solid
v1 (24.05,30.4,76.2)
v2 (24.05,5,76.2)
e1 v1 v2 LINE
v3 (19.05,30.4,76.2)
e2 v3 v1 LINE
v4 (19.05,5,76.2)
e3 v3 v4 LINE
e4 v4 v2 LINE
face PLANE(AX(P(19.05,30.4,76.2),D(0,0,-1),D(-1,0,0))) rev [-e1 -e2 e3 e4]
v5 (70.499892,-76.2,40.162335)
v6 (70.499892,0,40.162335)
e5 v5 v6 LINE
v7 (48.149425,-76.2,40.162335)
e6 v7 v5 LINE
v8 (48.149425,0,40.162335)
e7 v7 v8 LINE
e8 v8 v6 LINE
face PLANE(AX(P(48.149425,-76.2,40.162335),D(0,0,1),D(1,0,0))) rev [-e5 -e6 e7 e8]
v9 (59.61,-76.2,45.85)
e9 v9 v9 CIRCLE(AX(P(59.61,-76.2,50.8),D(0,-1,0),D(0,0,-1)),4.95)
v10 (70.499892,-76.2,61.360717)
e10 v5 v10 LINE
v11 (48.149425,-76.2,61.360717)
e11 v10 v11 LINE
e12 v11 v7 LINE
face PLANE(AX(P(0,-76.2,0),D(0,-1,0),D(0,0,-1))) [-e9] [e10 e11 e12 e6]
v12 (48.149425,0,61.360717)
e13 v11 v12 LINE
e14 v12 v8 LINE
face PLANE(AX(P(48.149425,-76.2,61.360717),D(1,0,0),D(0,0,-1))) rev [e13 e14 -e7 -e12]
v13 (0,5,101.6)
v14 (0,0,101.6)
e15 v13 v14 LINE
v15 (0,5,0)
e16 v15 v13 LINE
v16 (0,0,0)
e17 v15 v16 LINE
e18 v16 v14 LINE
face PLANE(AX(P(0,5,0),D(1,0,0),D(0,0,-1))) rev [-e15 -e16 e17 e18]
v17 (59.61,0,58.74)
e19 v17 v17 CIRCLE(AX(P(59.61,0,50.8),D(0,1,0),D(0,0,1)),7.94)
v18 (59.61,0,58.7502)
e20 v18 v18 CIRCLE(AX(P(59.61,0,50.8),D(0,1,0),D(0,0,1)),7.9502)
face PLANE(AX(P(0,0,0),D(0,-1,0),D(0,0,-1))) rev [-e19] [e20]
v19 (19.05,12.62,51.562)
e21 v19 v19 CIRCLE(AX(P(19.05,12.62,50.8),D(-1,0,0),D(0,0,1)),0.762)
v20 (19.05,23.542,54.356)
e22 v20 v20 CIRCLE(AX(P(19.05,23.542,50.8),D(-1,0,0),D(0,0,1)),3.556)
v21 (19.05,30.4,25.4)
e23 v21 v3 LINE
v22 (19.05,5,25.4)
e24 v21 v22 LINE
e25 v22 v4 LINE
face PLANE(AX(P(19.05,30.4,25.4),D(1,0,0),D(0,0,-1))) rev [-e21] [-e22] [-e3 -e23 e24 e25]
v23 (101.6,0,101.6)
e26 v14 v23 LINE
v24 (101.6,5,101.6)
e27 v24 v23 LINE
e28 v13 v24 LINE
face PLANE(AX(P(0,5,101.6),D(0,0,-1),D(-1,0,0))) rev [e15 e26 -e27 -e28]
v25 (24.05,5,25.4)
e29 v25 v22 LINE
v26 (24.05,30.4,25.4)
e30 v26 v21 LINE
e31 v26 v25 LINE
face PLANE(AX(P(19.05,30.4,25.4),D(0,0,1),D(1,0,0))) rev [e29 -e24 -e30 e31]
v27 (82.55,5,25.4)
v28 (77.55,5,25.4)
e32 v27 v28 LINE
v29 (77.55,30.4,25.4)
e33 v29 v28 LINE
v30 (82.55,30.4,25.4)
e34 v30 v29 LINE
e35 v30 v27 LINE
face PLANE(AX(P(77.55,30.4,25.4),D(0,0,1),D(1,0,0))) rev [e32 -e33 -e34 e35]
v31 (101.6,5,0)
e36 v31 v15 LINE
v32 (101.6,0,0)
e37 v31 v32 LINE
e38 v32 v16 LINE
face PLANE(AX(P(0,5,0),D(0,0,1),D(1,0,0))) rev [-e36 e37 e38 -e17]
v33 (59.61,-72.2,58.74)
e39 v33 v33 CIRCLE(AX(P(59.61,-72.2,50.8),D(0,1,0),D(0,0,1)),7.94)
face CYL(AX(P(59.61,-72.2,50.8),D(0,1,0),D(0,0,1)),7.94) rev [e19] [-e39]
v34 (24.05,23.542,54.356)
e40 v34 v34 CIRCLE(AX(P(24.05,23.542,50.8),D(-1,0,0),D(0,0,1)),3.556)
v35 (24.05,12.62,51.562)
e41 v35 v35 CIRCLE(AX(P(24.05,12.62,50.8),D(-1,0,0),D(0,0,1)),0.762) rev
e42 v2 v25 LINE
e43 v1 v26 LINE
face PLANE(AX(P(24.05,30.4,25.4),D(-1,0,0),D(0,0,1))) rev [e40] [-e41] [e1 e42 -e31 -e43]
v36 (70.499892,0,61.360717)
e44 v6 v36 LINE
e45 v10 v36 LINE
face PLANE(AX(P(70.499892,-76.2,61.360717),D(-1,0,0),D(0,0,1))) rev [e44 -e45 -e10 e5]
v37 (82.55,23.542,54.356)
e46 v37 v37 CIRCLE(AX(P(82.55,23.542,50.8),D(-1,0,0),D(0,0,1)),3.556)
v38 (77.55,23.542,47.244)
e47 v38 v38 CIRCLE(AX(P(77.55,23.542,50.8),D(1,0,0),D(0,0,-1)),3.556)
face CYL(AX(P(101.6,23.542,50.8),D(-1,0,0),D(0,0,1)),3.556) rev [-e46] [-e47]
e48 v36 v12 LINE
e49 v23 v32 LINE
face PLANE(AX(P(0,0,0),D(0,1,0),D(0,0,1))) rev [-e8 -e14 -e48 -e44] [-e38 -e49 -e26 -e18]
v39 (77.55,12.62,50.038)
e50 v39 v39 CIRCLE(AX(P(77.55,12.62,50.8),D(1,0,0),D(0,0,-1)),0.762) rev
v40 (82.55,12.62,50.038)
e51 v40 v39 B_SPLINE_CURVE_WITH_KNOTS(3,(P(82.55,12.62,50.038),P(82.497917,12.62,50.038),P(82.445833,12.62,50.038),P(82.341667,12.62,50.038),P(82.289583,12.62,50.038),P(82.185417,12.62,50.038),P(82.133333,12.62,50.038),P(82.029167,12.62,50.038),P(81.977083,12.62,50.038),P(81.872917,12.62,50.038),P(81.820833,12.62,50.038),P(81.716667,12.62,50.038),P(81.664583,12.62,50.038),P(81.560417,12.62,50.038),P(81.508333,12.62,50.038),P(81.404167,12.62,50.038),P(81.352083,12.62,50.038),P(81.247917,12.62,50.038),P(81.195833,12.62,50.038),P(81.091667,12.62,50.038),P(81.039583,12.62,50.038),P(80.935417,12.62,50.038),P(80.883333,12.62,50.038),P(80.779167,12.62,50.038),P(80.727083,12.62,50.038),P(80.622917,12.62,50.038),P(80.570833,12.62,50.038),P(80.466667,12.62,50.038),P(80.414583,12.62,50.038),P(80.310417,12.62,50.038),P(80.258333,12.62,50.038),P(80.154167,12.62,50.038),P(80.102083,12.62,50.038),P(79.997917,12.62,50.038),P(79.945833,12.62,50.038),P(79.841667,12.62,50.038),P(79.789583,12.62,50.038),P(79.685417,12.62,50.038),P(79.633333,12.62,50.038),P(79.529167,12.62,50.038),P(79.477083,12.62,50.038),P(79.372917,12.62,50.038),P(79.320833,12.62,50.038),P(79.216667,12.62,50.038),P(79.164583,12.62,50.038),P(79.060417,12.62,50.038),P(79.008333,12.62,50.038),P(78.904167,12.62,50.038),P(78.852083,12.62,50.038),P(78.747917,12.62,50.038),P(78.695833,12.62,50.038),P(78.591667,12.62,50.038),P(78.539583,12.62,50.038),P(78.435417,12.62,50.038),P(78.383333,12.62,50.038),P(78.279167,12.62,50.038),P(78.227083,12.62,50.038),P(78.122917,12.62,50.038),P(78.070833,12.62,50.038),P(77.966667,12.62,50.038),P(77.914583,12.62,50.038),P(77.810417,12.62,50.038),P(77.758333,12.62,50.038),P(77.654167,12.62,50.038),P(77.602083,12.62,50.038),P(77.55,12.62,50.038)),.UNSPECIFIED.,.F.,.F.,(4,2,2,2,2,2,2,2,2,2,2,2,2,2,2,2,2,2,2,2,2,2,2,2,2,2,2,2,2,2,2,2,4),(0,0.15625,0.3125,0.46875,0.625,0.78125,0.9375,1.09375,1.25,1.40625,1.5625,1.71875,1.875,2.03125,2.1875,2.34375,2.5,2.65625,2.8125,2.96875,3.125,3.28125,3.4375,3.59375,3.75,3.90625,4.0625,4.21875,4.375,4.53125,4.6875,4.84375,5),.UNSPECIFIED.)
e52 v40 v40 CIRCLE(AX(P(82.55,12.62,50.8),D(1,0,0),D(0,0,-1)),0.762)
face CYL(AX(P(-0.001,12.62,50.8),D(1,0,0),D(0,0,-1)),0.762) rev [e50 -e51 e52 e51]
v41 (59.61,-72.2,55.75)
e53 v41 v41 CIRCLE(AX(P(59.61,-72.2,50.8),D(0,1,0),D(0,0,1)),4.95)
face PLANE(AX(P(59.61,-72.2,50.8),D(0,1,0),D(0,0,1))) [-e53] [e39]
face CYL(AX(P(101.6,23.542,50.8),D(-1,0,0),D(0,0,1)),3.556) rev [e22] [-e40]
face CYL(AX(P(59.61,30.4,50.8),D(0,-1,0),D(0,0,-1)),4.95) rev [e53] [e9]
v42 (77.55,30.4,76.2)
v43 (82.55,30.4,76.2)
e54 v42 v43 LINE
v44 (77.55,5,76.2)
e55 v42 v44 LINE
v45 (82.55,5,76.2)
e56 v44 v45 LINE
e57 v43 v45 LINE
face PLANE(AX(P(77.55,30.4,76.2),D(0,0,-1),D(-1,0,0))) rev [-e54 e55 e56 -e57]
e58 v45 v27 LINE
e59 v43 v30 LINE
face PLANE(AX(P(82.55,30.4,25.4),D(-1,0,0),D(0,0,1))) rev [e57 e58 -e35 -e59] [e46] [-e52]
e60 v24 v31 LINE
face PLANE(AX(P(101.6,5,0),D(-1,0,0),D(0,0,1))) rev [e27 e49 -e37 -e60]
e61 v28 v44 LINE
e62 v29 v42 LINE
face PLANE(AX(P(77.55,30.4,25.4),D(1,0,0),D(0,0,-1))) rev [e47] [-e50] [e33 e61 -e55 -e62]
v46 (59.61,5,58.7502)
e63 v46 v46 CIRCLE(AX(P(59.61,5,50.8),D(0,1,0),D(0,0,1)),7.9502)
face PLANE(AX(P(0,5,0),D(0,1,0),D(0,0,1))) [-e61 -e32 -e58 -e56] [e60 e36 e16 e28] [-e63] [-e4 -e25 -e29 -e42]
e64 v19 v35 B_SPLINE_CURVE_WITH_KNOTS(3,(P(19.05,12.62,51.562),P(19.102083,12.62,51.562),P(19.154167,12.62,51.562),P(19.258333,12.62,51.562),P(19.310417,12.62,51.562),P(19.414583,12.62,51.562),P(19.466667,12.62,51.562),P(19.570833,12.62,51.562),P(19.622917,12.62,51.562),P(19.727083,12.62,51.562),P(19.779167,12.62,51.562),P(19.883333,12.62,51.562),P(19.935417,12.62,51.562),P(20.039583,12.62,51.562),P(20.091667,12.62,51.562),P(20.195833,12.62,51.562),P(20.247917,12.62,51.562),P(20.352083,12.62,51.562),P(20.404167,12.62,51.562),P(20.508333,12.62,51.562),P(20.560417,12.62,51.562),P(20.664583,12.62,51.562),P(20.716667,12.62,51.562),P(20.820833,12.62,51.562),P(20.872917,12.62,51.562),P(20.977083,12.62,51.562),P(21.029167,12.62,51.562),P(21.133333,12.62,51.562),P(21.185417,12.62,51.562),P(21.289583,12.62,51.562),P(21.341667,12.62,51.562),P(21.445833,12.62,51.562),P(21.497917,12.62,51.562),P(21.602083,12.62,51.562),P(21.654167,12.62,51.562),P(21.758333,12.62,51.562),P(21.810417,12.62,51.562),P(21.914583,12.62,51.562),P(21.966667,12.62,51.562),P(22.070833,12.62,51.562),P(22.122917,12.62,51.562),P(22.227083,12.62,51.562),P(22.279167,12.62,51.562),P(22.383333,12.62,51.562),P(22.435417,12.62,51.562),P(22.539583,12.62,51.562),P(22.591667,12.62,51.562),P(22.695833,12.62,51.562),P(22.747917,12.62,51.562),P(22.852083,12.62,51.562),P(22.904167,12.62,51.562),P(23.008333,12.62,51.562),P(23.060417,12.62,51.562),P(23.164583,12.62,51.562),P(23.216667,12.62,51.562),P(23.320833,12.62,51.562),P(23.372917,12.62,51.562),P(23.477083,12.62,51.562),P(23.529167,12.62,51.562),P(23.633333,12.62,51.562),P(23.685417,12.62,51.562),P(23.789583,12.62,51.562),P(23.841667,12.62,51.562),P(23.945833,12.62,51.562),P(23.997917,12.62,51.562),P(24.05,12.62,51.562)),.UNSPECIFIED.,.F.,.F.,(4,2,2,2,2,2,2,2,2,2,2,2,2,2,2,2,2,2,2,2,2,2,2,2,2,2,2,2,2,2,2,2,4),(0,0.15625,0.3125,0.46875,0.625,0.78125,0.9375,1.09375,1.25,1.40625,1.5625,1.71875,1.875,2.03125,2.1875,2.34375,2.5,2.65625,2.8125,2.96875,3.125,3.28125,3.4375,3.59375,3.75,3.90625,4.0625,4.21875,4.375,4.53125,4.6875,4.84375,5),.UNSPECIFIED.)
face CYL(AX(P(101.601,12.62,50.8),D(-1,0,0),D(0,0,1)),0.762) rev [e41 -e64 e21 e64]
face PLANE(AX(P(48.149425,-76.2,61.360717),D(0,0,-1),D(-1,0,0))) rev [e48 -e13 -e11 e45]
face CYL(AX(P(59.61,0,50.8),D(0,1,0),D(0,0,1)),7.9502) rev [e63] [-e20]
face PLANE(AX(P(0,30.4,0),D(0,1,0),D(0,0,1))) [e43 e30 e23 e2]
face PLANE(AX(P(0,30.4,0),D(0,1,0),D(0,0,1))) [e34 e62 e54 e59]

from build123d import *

# Parameters (mm, degrees)
SKETCH2_W           = 101.6
SKETCH2_H           = 101.6
BOSS_EXTRUDE2_DEPTH = 5
SKETCH3_W           = 5
SKETCH3_H           = 50.8
BOSS_EXTRUDE3_DEPTH = 25.4
SKETCH4_W           = 5
SKETCH4_H           = 50.8
BOSS_EXTRUDE4_DEPTH = 25.4
SKETCH8_R           = 3.556
CUT_EXTRUDE1_DEPTH  = 135.392047756
CUT_EXTRUDE2_REACH  = 136.392
SKETCH9_R           = 0.762
SKETCH11_R          = 7.9502
CUT_EXTRUDE3_DEPTH  = 146.911891222
CUT_EXTRUDE5_REACH  = 136.392
SKETCH18_R          = 0.762
SKETCH19_W          = 22.350467385
SKETCH19_H          = 21.198381437
BOSS_EXTRUDE5_DEPTH = 76.2
SKETCH22_R          = 7.94
CUT_EXTRUDE7_DEPTH  = 72.2
SKETCH23_R          = 4.95
CUT_EXTRUDE8_DEPTH  = 179.909697893


with BuildPart() as part:
    # Sketch2 → Boss-Extrude2 (new body)
    with BuildSketch(Plane(origin=(0, 0, 0), x_dir=(1, 0, 0), z_dir=(0, 1, 0))):
        with Locations((50.8, -50.8)):
            Rectangle(SKETCH2_W, SKETCH2_H)
    extrude(amount=BOSS_EXTRUDE2_DEPTH)

    # Sketch3 → Boss-Extrude3 (add)
    with BuildSketch(Plane(origin=(0, 5, 0), x_dir=(1, 0, 0), z_dir=(0, 1, 0))):
        with Locations((21.55, -50.8)):
            Rectangle(SKETCH3_W, SKETCH3_H)
    extrude(amount=BOSS_EXTRUDE3_DEPTH)

    # Sketch4 → Boss-Extrude4 (add)
    with BuildSketch(Plane(origin=(0, 5, 0), x_dir=(1, 0, 0), z_dir=(0, 1, 0))):
        with Locations((80.05, -50.8)):
            Rectangle(SKETCH4_W, SKETCH4_H)
    extrude(amount=BOSS_EXTRUDE4_DEPTH)

    # Sketch8 → Cut-Extrude1 (cut, through all)
    with BuildSketch(Plane.ZY.offset(-19.05)):
        with Locations((50.8, 23.542)):
            Circle(SKETCH8_R)
    extrude(amount=-CUT_EXTRUDE1_DEPTH, mode=Mode.SUBTRACT)

    # Sketch9 → Cut-Extrude2 (cut, up to next)
    with BuildSketch(Plane(origin=(82.55, 0, 0), x_dir=(0, 0, -1), z_dir=(1, 0, 0)), mode=Mode.PRIVATE) as cut_extrude2_sk1:
        with Locations((-50.8, 12.62)):
            Circle(SKETCH9_R)
    cut_extrude2_tool1 = extrude(cut_extrude2_sk1.sketch, amount=-CUT_EXTRUDE2_REACH, mode=Mode.PRIVATE) & part.part
    add(cut_extrude2_tool1.solids().sort_by_distance((82.55, 12.62, 50.8))[0], mode=Mode.SUBTRACT)

    # Sketch11 → Cut-Extrude3 (cut, through all)
    with BuildSketch(Plane(origin=(0, 5, 0), x_dir=(1, 0, 0), z_dir=(0, 1, 0))):
        with Locations(Location((59.61, -50.8, 0), (0, 0, 270))):
            Circle(SKETCH11_R)
    extrude(amount=-CUT_EXTRUDE3_DEPTH, mode=Mode.SUBTRACT)

    # Sketch18 → Cut-Extrude5 (cut, up to next)
    with BuildSketch(Plane.ZY.offset(-19.05), mode=Mode.PRIVATE) as cut_extrude5_sk1:
        with Locations(Location((50.8, 12.62, 0), (0, 0, 180))):
            Circle(SKETCH18_R)
    cut_extrude5_tool1 = extrude(cut_extrude5_sk1.sketch, amount=-CUT_EXTRUDE5_REACH, mode=Mode.PRIVATE) & part.part
    add(cut_extrude5_tool1.solids().sort_by_distance((19.05, 12.62, 50.8))[0], mode=Mode.SUBTRACT)

    # Sketch19 → Boss-Extrude5 (add)
    with BuildSketch(Plane.XZ):
        with Locations((59.324658632, 50.761526183)):
            Rectangle(SKETCH19_W, SKETCH19_H)
    extrude(amount=BOSS_EXTRUDE5_DEPTH)

    # Sketch22 → Cut-Extrude7 (cut)
    with BuildSketch(Plane(origin=(0, 0, 0), x_dir=(1, 0, 0), z_dir=(0, 1, 0))):
        with Locations(Location((59.61, -50.8, 0), (0, 0, 270))):
            Circle(SKETCH22_R)
    extrude(amount=-CUT_EXTRUDE7_DEPTH, mode=Mode.SUBTRACT)

    # Sketch23 → Cut-Extrude8 (cut, through all)
    with BuildSketch(Plane.XZ.offset(76.2)):
        with Locations(Location((59.61, 50.8, 0), (0, 0, 270))):
            Circle(SKETCH23_R)
    extrude(amount=-CUT_EXTRUDE8_DEPTH, mode=Mode.SUBTRACT)


solid = part.part
